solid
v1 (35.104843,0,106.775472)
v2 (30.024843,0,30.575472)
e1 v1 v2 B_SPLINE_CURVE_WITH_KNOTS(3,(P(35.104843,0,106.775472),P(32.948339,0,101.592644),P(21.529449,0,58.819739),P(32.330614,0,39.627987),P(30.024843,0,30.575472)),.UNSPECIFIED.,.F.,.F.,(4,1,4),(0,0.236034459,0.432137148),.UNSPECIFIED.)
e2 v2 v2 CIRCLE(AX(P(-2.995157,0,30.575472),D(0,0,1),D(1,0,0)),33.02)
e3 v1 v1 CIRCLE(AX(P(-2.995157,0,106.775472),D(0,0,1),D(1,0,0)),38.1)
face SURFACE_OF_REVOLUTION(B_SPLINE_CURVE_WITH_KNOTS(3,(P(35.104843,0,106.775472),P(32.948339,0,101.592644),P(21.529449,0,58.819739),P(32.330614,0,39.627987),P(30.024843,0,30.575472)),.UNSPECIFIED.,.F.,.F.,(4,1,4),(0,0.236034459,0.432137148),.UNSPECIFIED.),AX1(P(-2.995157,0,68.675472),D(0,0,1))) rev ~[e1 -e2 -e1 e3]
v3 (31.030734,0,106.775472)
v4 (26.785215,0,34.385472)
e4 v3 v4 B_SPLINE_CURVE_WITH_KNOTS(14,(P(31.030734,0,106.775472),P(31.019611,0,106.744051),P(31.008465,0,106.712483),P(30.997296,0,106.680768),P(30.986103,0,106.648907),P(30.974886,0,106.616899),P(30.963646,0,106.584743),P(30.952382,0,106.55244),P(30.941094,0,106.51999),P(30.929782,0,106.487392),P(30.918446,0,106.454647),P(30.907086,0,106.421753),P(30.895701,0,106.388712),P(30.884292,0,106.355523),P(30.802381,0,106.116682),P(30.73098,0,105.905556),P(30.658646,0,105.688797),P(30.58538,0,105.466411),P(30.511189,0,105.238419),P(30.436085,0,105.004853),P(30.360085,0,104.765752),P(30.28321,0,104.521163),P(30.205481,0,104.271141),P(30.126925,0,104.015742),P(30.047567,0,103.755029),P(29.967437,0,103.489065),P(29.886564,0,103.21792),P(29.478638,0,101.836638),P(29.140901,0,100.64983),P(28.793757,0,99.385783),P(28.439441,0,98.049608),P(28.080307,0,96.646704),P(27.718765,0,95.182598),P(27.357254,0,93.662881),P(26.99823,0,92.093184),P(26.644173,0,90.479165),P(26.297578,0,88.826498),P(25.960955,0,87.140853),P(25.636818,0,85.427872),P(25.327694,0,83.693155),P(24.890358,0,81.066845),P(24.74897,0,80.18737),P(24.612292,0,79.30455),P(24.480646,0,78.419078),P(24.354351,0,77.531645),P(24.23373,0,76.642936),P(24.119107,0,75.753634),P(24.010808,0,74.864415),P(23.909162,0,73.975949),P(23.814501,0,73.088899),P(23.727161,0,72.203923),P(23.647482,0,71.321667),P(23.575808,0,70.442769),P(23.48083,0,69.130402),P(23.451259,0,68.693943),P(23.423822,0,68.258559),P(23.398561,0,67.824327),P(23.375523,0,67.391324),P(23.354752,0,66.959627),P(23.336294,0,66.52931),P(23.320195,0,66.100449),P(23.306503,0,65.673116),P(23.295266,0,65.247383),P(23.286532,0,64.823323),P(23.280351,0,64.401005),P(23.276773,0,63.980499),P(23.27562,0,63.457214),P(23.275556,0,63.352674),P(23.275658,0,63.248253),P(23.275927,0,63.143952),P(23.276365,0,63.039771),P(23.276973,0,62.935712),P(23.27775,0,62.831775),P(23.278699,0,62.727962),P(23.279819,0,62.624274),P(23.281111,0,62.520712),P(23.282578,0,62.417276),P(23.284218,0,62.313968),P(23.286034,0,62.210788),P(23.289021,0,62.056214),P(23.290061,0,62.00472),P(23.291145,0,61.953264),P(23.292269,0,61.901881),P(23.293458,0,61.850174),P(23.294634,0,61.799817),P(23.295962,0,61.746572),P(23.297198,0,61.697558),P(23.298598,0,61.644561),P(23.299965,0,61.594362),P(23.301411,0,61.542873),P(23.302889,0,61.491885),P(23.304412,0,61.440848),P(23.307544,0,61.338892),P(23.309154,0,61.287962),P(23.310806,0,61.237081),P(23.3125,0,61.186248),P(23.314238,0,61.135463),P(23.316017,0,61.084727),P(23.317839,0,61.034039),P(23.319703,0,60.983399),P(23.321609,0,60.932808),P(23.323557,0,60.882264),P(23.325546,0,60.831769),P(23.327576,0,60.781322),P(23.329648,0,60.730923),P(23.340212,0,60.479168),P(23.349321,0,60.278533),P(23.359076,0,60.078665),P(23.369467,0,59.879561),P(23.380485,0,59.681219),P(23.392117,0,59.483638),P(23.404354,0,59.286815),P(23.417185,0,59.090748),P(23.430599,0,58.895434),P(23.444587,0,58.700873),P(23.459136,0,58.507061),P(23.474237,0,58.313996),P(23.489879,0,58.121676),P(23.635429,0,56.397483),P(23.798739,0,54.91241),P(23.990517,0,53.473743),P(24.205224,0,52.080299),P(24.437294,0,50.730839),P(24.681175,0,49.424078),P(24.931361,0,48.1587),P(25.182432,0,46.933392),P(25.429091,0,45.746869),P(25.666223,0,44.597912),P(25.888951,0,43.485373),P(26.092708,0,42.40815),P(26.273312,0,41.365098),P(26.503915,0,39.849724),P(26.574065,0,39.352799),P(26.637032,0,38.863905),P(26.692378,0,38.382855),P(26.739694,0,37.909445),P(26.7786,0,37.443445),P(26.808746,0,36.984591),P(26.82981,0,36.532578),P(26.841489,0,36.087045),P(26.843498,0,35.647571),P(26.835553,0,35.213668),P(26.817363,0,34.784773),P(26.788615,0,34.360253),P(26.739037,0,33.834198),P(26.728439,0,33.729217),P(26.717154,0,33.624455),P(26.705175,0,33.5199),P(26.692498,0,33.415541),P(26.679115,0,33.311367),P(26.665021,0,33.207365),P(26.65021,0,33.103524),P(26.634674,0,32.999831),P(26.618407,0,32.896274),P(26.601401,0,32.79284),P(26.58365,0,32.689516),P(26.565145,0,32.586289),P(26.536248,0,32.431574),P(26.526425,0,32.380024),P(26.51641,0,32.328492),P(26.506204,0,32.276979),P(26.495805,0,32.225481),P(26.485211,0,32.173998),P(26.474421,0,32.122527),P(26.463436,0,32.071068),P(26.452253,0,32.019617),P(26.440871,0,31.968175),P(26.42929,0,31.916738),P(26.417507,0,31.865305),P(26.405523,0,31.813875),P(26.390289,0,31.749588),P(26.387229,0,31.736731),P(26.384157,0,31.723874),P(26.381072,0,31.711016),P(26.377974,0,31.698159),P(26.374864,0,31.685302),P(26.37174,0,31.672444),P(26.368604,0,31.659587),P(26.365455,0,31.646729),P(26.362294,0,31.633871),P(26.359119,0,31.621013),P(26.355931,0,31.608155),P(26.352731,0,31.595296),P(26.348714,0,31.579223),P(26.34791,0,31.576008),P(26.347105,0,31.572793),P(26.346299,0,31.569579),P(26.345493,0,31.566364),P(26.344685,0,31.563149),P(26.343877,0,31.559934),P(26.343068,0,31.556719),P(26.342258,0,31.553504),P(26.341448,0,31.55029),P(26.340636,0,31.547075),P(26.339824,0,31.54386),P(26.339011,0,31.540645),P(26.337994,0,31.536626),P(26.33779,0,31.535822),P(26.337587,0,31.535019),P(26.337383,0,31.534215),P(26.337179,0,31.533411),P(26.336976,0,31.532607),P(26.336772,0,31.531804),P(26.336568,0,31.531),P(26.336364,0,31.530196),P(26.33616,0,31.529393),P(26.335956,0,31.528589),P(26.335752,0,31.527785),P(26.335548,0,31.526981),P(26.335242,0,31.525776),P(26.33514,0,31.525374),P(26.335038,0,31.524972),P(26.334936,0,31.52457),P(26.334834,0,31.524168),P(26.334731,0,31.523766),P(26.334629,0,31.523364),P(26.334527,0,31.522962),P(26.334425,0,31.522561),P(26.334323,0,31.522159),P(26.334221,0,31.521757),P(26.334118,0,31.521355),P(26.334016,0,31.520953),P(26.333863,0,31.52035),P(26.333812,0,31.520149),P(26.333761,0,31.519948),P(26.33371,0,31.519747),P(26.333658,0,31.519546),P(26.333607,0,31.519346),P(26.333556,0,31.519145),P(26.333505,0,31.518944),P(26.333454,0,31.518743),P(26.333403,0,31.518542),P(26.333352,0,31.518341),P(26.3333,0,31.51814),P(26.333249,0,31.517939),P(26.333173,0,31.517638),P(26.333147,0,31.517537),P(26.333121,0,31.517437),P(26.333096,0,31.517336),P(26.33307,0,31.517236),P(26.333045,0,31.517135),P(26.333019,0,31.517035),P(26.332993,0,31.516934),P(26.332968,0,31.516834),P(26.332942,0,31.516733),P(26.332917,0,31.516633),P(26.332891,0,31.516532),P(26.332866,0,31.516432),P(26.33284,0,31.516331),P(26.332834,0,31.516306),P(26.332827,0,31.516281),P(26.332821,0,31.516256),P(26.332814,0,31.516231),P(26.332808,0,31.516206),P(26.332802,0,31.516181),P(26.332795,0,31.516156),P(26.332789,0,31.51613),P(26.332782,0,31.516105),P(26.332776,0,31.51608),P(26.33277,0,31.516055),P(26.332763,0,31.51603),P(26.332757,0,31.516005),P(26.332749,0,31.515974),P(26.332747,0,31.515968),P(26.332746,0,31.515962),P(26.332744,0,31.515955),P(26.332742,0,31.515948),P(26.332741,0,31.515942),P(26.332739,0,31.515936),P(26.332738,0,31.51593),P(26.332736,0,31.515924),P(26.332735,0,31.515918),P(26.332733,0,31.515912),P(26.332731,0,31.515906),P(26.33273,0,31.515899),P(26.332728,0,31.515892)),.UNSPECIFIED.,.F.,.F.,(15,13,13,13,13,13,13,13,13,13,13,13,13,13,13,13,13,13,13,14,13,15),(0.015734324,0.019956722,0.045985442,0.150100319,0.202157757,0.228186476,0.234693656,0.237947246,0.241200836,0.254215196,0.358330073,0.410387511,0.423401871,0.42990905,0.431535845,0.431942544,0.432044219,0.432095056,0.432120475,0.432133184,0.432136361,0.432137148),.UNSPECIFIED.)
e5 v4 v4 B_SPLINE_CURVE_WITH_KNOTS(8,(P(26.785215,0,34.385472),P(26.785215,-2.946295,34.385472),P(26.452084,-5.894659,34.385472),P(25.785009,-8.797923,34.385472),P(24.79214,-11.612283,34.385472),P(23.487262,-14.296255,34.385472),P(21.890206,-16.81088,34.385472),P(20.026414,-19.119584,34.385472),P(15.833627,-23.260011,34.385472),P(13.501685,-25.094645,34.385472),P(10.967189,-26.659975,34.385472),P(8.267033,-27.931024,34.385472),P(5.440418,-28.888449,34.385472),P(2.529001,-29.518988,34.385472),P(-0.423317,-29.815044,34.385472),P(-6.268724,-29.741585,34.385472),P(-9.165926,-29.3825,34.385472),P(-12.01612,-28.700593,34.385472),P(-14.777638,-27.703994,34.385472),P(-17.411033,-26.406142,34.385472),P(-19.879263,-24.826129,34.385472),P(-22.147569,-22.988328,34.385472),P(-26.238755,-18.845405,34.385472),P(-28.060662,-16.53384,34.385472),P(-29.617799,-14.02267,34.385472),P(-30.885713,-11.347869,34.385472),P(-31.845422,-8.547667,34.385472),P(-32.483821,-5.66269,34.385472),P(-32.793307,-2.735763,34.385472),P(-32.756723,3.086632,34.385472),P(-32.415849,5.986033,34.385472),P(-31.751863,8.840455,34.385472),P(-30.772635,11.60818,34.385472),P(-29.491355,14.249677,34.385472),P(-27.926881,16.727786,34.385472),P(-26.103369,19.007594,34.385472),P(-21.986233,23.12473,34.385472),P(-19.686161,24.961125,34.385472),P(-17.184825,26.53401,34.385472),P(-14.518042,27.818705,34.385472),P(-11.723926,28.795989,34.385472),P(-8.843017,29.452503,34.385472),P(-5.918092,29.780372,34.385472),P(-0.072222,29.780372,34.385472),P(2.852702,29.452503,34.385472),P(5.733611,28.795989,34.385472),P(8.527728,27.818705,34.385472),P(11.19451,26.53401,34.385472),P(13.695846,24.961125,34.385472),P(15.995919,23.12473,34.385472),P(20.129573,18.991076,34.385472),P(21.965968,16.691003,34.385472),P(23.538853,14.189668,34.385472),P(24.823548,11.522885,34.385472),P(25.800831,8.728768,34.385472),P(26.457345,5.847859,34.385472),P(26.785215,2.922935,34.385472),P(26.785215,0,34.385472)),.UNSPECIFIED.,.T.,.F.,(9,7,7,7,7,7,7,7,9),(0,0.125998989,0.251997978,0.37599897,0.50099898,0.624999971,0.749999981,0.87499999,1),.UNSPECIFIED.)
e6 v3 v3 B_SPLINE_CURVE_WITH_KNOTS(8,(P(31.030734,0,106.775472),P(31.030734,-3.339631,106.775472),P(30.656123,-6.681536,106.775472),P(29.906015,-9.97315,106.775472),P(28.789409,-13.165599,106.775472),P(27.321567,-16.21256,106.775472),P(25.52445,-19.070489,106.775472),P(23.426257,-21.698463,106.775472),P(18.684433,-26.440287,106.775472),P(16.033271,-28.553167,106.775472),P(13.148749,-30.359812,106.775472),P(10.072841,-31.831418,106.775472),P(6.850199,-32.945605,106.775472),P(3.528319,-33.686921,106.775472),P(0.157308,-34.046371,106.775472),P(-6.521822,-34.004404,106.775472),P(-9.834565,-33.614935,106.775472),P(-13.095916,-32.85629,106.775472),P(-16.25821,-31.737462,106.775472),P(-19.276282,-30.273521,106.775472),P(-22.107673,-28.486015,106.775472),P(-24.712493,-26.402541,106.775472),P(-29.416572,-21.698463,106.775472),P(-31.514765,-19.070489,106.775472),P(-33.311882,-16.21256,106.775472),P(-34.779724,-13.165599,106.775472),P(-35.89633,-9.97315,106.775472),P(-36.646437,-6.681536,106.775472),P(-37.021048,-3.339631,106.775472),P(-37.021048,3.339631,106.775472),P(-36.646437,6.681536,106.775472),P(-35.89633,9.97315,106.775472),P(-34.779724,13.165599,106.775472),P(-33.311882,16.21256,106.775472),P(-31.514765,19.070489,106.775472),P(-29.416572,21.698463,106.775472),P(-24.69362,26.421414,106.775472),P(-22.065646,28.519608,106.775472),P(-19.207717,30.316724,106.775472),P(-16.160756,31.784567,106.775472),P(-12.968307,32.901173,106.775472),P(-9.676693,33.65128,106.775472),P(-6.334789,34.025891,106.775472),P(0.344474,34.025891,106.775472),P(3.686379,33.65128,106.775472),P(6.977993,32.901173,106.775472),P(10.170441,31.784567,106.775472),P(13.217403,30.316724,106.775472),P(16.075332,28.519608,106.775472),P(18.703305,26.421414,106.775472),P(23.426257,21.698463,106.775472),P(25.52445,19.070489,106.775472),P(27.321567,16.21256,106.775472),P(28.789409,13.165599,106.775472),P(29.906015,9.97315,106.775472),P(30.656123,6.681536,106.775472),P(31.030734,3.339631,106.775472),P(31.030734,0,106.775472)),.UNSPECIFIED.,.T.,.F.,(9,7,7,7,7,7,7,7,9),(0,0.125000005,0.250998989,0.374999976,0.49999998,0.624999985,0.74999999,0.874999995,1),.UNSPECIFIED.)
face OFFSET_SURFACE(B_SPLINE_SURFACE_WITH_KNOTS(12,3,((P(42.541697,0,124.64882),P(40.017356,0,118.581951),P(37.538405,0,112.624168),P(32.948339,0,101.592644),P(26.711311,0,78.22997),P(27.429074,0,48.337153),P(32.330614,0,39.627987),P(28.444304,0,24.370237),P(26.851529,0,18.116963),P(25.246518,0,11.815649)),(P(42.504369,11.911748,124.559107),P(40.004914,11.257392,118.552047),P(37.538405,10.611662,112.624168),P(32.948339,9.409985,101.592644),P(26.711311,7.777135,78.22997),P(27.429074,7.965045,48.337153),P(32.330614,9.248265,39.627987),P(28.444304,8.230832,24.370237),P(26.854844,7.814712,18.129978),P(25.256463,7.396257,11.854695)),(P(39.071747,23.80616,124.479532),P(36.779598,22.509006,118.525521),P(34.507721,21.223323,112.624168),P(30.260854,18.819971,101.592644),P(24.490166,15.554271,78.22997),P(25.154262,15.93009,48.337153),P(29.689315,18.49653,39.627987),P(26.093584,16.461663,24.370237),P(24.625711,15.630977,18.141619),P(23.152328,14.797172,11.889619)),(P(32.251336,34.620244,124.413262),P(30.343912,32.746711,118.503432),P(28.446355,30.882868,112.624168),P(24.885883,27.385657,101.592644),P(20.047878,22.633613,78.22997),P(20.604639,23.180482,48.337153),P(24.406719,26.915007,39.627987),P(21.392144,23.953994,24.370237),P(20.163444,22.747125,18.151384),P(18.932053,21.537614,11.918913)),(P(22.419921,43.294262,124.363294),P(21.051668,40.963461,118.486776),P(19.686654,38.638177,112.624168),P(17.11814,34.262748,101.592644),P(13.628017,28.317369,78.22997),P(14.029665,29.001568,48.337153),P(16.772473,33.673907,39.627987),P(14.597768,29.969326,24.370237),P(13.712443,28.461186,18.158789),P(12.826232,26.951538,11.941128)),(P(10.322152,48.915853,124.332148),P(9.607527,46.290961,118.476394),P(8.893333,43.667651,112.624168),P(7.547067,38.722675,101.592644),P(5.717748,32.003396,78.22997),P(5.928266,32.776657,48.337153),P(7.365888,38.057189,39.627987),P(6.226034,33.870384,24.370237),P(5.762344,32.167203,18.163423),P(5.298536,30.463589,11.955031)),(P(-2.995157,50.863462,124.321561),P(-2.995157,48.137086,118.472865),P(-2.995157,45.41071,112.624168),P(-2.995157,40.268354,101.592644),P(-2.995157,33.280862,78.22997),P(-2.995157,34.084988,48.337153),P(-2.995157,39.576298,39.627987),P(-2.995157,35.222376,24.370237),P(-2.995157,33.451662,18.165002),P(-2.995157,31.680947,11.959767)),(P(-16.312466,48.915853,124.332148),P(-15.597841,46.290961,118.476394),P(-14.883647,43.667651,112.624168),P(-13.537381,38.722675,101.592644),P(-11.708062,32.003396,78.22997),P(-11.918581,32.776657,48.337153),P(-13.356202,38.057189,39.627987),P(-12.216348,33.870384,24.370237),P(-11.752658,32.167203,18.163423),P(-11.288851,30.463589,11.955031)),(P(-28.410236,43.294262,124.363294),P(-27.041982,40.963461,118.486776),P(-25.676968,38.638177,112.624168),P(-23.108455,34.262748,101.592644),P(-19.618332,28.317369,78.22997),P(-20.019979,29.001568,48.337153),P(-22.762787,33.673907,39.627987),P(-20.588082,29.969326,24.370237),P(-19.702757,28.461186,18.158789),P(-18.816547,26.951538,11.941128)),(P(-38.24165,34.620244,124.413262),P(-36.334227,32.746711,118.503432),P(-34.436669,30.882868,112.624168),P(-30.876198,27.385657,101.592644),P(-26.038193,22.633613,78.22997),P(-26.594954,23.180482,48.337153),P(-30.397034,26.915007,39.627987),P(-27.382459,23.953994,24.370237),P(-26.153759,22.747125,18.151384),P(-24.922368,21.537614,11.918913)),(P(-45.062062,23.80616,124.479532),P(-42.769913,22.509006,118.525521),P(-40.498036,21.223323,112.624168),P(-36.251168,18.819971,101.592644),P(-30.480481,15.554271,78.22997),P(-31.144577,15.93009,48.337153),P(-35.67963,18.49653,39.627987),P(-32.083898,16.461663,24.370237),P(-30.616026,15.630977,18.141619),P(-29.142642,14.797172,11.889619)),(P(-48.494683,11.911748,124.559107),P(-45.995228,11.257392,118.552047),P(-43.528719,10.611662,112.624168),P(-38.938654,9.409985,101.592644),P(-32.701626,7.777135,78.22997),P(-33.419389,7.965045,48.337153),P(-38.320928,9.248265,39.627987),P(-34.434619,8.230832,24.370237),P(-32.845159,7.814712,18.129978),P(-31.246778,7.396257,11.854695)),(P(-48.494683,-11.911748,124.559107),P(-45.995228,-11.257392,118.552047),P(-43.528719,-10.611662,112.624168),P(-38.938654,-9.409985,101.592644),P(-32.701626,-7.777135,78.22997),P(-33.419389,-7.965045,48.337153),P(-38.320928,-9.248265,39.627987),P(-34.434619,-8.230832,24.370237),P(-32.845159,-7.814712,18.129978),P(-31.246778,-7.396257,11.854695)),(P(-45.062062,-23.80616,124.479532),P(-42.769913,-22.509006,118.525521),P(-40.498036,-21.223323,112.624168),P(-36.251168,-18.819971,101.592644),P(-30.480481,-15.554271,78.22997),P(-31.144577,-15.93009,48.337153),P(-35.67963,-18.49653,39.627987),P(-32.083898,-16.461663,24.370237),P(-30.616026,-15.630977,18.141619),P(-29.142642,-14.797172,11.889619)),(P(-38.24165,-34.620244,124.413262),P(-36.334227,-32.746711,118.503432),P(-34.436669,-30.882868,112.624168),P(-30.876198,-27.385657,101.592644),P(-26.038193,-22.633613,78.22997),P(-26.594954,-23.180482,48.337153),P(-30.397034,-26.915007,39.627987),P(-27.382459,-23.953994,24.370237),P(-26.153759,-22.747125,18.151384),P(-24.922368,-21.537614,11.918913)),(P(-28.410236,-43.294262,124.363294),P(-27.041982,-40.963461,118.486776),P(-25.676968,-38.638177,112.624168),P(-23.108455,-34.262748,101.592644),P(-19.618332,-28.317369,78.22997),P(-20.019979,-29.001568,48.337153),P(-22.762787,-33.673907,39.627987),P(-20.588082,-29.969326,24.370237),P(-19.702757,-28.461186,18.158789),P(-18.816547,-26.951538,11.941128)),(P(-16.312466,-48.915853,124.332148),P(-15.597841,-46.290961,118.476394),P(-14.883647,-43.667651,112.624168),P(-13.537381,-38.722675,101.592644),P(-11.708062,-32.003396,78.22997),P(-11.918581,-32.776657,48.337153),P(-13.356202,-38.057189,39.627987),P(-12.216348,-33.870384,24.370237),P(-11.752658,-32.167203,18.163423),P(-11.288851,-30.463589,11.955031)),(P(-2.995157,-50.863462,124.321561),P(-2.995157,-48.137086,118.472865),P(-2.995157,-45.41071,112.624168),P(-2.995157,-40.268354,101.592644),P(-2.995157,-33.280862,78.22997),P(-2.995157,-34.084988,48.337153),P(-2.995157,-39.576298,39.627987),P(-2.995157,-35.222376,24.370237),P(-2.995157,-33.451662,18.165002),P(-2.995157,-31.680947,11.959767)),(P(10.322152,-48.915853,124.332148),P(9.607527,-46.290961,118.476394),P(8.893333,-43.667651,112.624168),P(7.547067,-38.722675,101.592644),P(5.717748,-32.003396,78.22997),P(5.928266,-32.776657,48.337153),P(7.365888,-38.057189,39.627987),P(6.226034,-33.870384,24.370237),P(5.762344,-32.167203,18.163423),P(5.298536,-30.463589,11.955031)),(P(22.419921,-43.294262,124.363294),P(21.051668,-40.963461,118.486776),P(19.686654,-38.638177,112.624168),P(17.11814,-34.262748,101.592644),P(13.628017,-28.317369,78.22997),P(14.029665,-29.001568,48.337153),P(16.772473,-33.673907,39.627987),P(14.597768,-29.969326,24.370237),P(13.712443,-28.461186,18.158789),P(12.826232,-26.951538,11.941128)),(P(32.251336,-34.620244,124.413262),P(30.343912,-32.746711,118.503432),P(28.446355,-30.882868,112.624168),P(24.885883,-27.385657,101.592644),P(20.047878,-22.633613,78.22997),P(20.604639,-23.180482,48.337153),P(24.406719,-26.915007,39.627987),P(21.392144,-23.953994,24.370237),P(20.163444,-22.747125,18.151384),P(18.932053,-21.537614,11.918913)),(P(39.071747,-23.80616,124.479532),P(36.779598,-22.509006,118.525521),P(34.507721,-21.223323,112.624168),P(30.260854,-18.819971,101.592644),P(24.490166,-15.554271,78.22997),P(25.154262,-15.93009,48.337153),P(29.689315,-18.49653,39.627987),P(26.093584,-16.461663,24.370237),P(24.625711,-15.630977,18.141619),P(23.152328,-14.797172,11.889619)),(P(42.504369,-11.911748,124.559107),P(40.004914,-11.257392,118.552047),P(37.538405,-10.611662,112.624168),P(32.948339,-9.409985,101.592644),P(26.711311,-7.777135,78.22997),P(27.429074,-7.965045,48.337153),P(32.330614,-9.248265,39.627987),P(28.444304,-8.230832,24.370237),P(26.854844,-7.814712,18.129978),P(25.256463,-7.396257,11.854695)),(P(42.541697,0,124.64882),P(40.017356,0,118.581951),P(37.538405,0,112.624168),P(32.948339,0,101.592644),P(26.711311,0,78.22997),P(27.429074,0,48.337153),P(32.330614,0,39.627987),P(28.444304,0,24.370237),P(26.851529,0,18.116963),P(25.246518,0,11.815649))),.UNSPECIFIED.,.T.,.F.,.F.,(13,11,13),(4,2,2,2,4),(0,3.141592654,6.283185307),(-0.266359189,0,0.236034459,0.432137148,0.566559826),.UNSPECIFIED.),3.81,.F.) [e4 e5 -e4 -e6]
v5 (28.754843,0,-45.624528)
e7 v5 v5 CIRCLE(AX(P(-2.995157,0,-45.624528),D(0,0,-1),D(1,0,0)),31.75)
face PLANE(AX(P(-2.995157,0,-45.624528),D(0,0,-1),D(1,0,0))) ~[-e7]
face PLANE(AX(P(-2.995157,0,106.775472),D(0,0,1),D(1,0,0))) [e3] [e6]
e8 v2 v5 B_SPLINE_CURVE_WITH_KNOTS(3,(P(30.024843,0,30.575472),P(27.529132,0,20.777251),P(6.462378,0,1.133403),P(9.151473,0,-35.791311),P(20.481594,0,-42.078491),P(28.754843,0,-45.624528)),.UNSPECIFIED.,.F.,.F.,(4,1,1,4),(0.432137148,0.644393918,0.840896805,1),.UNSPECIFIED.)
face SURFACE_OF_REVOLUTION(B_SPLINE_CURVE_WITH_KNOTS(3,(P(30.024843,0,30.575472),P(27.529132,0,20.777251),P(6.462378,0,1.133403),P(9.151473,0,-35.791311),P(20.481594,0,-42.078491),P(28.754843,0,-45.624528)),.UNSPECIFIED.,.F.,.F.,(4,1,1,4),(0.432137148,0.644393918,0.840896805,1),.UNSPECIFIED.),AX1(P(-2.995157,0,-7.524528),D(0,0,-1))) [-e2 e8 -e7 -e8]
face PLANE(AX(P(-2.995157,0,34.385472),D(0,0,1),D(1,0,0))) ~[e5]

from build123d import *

# Parameters (mm, degrees)
F2_T = -3.81


with BuildPart() as f1:
    # F0 (on Front) → F1 (revolve)
    with BuildSketch(Plane.XZ):
        with BuildLine():
            Line((-2.9951573074, 106.7754722372), (-2.9951573074, 30.5754722372))
            Line((-2.9951573074, 30.5754722372), (30.0248426926, 30.5754722372))
            add(Edge.make_bspline(
                [(35.1048426926, 106.7754722372), (32.9483391915, 101.5926443587), (21.5294493719, 58.8197385465), (32.3306136174, 39.6279871533), (30.0248426926, 30.5754722372)],
                knots=[0, 0, 0, 0, 0.2360344588, 0.4321371478, 0.4321371478, 0.4321371478, 0.4321371478], degree=3))
            Line((35.1048426926, 106.7754722372), (-2.9951573074, 106.7754722372))
        make_face()
    revolve(axis=Axis((-2.9951573074, 0, 68.6754722372), (0, 0, 1)))

    # F2
    f2_openings = [f1.faces().sort_by_distance(p)[0] for p in [
        (-2.995157, 0, 106.775472),
    ]]
    offset(amount=F2_T, openings=f2_openings)

    # F0 (on Front) → F3 (revolve)
    with BuildSketch(Plane.XZ):
        with BuildLine():
            Line((30.0248426926, 30.5754722372), (-2.9951573074, 30.5754722372))
            Line((-2.9951573074, 30.5754722372), (-2.9951573074, -45.6245277628))
            Line((-2.9951573074, -45.6245277628), (28.7548426926, -45.6245277628))
            add(Edge.make_bspline(
                [(30.0248426926, 30.5754722372), (27.5291324555, 20.7772507814), (6.462377675, 1.1334030314), (9.1514726232, -35.7913107682), (20.4815940881, -42.0784909642), (28.7548426926, -45.6245277628)],
                knots=[0.4321371478, 0.4321371478, 0.4321371478, 0.4321371478, 0.6443939177, 0.8408968049, 1, 1, 1, 1], degree=3))
        make_face()
    revolve(axis=Axis((-2.9951573074, 0, -7.5245277628), (0, 0, -1)))


solid = f1.part
